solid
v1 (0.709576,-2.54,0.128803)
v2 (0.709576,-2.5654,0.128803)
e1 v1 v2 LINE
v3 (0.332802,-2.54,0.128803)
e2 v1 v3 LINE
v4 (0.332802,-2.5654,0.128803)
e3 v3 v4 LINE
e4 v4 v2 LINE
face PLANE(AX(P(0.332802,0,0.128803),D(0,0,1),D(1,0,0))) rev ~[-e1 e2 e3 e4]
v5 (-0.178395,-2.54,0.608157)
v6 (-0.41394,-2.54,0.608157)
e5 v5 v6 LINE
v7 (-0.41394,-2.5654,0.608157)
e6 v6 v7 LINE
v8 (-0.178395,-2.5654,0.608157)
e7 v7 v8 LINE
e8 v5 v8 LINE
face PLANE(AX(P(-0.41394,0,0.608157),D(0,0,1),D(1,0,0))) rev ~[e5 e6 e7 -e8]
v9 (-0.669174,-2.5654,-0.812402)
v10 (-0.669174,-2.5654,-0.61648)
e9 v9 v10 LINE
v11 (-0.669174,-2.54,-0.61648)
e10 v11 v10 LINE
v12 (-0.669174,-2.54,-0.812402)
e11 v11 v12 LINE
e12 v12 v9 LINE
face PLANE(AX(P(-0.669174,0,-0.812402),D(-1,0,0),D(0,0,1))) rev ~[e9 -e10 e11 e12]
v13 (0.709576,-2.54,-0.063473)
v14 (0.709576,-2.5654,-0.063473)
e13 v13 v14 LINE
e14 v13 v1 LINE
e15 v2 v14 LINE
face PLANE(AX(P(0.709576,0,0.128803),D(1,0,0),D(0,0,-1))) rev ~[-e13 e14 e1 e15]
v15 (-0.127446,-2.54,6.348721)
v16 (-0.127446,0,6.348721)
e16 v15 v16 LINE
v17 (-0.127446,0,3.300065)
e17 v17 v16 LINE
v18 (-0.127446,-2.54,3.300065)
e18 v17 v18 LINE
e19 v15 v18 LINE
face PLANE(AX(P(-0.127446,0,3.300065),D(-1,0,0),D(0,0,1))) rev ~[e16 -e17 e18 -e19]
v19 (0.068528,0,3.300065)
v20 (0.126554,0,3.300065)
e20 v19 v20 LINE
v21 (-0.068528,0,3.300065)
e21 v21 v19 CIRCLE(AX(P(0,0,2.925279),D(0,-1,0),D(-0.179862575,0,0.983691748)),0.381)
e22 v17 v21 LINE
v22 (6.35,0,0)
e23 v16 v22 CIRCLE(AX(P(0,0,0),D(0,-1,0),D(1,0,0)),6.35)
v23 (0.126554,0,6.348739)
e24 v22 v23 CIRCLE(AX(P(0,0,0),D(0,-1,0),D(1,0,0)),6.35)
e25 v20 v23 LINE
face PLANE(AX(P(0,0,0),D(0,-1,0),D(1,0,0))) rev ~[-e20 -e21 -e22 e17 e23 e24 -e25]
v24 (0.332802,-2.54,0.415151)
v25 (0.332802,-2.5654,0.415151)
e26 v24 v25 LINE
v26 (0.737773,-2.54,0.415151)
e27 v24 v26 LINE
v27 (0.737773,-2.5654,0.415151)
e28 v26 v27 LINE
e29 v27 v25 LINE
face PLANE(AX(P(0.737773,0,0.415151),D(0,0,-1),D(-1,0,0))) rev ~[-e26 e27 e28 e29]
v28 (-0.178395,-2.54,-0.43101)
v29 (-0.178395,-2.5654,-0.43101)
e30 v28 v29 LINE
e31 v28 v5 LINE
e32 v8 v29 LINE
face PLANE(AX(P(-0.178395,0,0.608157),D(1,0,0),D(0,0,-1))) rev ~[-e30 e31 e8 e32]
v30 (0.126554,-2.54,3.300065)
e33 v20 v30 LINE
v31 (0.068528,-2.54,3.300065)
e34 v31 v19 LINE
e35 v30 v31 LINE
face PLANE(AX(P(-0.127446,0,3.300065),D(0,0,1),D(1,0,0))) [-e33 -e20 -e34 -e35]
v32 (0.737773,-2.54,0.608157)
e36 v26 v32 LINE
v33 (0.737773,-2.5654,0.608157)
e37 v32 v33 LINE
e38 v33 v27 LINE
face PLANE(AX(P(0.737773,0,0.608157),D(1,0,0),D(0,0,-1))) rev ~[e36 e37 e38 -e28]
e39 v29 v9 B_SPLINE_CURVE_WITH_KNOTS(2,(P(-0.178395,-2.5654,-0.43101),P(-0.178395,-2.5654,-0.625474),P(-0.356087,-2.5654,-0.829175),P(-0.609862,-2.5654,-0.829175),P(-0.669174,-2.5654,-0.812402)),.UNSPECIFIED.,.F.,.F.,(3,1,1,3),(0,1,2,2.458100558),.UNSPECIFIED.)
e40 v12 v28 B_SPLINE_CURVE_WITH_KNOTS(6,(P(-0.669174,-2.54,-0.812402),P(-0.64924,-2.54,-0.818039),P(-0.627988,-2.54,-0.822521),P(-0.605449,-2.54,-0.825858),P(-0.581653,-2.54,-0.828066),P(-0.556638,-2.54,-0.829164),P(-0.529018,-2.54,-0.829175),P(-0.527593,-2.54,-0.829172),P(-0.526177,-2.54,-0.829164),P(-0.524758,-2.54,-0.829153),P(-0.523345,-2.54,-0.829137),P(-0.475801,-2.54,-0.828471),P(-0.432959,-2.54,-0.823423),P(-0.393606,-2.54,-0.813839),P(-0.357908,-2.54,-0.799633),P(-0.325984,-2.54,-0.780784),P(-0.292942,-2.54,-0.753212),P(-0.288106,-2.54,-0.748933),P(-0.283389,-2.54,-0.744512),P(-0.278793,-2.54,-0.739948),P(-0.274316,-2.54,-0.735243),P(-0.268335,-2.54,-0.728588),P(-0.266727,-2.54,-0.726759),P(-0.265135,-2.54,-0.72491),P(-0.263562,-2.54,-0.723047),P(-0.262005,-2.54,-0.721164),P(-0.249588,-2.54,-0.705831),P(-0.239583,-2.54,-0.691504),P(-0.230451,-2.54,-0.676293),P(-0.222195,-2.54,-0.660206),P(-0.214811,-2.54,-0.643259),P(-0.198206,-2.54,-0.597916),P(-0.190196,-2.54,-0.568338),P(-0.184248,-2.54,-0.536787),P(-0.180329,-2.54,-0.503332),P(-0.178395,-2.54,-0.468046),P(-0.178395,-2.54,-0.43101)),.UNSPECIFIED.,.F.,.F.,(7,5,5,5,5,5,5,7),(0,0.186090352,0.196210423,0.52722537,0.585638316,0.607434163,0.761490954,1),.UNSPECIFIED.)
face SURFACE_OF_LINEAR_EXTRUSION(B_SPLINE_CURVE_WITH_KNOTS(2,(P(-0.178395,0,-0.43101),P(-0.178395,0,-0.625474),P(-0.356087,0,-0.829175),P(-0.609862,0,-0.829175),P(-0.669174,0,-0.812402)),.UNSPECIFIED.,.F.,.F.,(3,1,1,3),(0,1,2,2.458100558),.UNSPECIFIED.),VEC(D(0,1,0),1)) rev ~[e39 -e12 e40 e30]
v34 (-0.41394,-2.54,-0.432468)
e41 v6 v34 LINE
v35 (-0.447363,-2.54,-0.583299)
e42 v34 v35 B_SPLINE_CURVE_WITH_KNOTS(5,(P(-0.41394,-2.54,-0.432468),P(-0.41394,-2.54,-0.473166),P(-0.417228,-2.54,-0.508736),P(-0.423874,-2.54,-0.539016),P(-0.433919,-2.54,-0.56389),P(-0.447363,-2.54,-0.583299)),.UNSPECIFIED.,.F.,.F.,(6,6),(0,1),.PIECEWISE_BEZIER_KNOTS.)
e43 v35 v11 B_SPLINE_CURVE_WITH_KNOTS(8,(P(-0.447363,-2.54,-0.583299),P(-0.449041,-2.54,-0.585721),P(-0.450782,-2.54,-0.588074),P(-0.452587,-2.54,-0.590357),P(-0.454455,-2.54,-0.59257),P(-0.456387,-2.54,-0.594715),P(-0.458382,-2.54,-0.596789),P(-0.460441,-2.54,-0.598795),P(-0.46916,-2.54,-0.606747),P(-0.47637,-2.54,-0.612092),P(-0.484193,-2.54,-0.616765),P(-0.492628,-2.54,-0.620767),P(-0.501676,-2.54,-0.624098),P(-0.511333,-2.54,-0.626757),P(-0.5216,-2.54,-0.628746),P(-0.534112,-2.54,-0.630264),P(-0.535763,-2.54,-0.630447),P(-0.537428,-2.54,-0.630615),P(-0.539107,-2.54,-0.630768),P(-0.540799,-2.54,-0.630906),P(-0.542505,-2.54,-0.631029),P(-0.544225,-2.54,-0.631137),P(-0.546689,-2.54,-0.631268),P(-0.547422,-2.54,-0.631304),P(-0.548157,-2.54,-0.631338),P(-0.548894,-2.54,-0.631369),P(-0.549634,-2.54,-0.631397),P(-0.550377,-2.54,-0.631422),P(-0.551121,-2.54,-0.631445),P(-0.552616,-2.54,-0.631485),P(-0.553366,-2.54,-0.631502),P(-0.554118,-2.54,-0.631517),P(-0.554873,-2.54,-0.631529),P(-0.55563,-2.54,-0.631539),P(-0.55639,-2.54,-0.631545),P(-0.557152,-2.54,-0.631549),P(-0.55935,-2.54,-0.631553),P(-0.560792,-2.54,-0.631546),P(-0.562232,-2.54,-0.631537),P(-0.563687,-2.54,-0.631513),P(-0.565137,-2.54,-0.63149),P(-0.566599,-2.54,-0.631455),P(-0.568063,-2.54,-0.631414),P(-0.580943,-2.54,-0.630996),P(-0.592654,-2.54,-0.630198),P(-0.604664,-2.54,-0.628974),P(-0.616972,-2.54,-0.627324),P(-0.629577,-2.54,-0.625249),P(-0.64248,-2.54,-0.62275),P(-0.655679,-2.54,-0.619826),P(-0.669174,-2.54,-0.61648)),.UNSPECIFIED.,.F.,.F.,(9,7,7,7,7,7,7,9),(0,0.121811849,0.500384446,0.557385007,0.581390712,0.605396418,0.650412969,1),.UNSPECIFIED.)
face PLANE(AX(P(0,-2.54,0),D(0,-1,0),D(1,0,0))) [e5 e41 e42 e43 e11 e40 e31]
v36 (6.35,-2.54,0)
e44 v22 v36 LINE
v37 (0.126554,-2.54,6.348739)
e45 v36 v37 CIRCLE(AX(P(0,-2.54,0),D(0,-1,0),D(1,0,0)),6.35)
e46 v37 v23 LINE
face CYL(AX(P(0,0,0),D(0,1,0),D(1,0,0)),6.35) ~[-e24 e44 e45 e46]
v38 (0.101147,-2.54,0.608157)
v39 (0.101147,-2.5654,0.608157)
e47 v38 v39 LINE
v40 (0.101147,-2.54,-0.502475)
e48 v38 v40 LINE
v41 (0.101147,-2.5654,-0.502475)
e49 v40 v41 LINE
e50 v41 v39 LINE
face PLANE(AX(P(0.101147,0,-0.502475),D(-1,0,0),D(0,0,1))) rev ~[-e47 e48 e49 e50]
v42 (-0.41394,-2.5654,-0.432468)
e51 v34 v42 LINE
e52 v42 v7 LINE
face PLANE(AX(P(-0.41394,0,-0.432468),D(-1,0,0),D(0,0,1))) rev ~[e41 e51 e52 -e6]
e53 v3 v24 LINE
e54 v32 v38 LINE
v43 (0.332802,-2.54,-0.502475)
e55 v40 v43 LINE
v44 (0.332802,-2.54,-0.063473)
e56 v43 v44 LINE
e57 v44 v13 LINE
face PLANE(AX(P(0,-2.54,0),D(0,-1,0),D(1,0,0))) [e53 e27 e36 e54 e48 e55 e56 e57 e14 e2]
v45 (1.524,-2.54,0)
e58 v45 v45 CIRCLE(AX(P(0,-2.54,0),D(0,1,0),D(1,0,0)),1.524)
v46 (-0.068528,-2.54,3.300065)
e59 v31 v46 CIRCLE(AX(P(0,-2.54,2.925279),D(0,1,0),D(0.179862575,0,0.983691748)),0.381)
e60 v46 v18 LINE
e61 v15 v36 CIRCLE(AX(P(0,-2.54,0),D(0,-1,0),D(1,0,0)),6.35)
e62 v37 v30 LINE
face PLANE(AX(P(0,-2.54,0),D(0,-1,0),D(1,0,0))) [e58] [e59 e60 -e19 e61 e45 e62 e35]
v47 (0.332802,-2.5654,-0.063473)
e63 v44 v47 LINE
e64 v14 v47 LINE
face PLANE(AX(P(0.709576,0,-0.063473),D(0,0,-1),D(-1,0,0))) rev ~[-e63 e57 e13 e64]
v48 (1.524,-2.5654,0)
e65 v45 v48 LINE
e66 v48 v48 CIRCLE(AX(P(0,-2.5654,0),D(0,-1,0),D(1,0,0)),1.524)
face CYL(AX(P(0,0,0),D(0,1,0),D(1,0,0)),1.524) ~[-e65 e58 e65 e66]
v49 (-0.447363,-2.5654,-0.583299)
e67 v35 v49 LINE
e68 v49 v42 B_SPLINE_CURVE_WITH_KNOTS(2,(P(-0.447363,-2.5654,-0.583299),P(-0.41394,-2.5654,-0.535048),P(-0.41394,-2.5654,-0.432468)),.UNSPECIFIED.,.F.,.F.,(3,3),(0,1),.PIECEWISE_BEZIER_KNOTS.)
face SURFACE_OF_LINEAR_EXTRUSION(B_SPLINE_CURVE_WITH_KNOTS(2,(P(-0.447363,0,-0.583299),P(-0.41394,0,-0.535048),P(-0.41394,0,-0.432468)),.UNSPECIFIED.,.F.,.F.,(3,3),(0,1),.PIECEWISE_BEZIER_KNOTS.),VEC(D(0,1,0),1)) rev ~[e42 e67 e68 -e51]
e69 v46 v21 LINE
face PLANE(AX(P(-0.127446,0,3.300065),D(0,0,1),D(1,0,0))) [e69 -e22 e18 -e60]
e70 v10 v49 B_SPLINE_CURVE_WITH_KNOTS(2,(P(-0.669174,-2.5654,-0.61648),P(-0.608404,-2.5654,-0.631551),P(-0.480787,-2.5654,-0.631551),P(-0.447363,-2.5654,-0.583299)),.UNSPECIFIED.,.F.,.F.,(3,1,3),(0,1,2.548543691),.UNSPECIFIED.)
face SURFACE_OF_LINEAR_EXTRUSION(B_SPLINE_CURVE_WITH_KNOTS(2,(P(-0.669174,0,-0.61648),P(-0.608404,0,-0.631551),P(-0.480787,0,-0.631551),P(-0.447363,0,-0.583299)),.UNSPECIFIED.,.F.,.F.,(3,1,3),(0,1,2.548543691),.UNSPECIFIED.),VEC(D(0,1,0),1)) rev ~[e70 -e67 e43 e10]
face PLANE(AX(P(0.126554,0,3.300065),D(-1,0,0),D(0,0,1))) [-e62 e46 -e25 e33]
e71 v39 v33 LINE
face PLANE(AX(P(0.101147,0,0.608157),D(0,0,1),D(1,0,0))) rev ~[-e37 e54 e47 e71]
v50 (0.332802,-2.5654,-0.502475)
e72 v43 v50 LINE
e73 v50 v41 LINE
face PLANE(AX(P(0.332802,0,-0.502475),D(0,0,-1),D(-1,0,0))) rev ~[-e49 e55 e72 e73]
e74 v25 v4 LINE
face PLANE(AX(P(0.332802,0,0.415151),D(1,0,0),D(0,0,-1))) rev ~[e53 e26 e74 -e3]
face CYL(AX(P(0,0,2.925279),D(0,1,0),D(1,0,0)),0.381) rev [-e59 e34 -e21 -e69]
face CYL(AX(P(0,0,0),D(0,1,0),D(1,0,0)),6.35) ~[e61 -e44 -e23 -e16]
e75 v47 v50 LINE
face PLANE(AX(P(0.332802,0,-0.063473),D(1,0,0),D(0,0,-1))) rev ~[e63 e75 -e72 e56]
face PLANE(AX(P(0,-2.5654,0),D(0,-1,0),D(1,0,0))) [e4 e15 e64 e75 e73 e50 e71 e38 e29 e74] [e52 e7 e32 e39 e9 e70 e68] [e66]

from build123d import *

# Parameters (mm, degrees)
F0_R     = 6.35
F1_DEPTH = 2.54
F2_R     = 0.381
F3_DEPTH = 11.938
F4_W     = 0.254
F4_H     = 3.2643415034
F5_DEPTH = 10.7696
F6_R     = 1.524
F7_DEPTH = 2.5654


with BuildPart() as f1:
    # F0 (on Front) → F1 (new body)
    with BuildSketch(Plane.XZ):
        Circle(F0_R)
    extrude(amount=F1_DEPTH)

    # F2 (on Front) → F3 (cut)
    with BuildSketch(Plane.XZ):
        with Locations((0, 2.9252786189)):
            Circle(F2_R)
    extrude(amount=F3_DEPTH, mode=Mode.SUBTRACT)

    # F4 (on Front) → F5 (cut)
    with BuildSketch(Plane.XZ):
        with Locations((-0.0004456008, 4.9322359264)):
            Rectangle(F4_W, F4_H)
    extrude(amount=F5_DEPTH, mode=Mode.SUBTRACT)

    # F6 (on Front) → F7 (join)
    with BuildSketch(Plane.XZ):
        Circle(F6_R)
        with BuildLine():
            add(Edge.make_bspline(
                [(-0.2672408938, -0.7273242873), (-0.3560866168, -0.8291747878), (-0.5301318635, -0.8291747878)],
                knots=[0, 0, 0, 1, 1, 1], degree=2))
            add(Edge.make_bspline(
                [(-0.5301318635, -0.8291747878), (-0.6098620882, -0.8291747878), (-0.6691735969, -0.812402271)],
                knots=[0, 0, 0, 1, 1, 1], degree=2))
            Line((-0.6691735969, -0.812402271), (-0.6691735969, -0.6164798285))
            add(Edge.make_bspline(
                [(-0.6691735969, -0.6164798285), (-0.6084036085, -0.6315507856), (-0.5583291381, -0.6315507856)],
                knots=[0, 0, 0, 1, 1, 1], degree=2))
            add(Edge.make_bspline(
                [(-0.5583291381, -0.6315507856), (-0.4807866329, -0.6315507856), (-0.4473631393, -0.5832994149)],
                knots=[0, 0, 0, 1, 1, 1], degree=2))
            add(Edge.make_bspline(
                [(-0.4473631393, -0.5832994149), (-0.4139396457, -0.5350480441), (-0.4139396457, -0.4324683037)],
                knots=[0, 0, 0, 1, 1, 1], degree=2))
            Line((-0.4139396457, -0.4324683037), (-0.4139396457, 0.6081569771))
            Line((-0.4139396457, 0.6081569771), (-0.1783951708, 0.6081569771))
            Line((-0.1783951708, 0.6081569771), (-0.1783951708, -0.431009824))
            add(Edge.make_bspline(
                [(-0.1783951708, -0.431009824), (-0.1783951708, -0.6254737868), (-0.2672408938, -0.7273242873)],
                knots=[0, 0, 0, 1, 1, 1], degree=2))
        make_face(mode=Mode.SUBTRACT)
        Polygon((0.3328019713, -0.0634729344), (0.3328019713, -0.5024753303), (0.1011467757, -0.5024753303), (0.1011467757, 0.6081569771), (0.7377731738, 0.6081569771), (0.7377731738, 0.415151494), (0.3328019713, 0.415151494), (0.3328019713, 0.1288033088), (0.7095758992, 0.1288033088), (0.7095758992, -0.0634729344), align=None, mode=Mode.SUBTRACT)
    extrude(amount=F7_DEPTH)


solid = f1.part
